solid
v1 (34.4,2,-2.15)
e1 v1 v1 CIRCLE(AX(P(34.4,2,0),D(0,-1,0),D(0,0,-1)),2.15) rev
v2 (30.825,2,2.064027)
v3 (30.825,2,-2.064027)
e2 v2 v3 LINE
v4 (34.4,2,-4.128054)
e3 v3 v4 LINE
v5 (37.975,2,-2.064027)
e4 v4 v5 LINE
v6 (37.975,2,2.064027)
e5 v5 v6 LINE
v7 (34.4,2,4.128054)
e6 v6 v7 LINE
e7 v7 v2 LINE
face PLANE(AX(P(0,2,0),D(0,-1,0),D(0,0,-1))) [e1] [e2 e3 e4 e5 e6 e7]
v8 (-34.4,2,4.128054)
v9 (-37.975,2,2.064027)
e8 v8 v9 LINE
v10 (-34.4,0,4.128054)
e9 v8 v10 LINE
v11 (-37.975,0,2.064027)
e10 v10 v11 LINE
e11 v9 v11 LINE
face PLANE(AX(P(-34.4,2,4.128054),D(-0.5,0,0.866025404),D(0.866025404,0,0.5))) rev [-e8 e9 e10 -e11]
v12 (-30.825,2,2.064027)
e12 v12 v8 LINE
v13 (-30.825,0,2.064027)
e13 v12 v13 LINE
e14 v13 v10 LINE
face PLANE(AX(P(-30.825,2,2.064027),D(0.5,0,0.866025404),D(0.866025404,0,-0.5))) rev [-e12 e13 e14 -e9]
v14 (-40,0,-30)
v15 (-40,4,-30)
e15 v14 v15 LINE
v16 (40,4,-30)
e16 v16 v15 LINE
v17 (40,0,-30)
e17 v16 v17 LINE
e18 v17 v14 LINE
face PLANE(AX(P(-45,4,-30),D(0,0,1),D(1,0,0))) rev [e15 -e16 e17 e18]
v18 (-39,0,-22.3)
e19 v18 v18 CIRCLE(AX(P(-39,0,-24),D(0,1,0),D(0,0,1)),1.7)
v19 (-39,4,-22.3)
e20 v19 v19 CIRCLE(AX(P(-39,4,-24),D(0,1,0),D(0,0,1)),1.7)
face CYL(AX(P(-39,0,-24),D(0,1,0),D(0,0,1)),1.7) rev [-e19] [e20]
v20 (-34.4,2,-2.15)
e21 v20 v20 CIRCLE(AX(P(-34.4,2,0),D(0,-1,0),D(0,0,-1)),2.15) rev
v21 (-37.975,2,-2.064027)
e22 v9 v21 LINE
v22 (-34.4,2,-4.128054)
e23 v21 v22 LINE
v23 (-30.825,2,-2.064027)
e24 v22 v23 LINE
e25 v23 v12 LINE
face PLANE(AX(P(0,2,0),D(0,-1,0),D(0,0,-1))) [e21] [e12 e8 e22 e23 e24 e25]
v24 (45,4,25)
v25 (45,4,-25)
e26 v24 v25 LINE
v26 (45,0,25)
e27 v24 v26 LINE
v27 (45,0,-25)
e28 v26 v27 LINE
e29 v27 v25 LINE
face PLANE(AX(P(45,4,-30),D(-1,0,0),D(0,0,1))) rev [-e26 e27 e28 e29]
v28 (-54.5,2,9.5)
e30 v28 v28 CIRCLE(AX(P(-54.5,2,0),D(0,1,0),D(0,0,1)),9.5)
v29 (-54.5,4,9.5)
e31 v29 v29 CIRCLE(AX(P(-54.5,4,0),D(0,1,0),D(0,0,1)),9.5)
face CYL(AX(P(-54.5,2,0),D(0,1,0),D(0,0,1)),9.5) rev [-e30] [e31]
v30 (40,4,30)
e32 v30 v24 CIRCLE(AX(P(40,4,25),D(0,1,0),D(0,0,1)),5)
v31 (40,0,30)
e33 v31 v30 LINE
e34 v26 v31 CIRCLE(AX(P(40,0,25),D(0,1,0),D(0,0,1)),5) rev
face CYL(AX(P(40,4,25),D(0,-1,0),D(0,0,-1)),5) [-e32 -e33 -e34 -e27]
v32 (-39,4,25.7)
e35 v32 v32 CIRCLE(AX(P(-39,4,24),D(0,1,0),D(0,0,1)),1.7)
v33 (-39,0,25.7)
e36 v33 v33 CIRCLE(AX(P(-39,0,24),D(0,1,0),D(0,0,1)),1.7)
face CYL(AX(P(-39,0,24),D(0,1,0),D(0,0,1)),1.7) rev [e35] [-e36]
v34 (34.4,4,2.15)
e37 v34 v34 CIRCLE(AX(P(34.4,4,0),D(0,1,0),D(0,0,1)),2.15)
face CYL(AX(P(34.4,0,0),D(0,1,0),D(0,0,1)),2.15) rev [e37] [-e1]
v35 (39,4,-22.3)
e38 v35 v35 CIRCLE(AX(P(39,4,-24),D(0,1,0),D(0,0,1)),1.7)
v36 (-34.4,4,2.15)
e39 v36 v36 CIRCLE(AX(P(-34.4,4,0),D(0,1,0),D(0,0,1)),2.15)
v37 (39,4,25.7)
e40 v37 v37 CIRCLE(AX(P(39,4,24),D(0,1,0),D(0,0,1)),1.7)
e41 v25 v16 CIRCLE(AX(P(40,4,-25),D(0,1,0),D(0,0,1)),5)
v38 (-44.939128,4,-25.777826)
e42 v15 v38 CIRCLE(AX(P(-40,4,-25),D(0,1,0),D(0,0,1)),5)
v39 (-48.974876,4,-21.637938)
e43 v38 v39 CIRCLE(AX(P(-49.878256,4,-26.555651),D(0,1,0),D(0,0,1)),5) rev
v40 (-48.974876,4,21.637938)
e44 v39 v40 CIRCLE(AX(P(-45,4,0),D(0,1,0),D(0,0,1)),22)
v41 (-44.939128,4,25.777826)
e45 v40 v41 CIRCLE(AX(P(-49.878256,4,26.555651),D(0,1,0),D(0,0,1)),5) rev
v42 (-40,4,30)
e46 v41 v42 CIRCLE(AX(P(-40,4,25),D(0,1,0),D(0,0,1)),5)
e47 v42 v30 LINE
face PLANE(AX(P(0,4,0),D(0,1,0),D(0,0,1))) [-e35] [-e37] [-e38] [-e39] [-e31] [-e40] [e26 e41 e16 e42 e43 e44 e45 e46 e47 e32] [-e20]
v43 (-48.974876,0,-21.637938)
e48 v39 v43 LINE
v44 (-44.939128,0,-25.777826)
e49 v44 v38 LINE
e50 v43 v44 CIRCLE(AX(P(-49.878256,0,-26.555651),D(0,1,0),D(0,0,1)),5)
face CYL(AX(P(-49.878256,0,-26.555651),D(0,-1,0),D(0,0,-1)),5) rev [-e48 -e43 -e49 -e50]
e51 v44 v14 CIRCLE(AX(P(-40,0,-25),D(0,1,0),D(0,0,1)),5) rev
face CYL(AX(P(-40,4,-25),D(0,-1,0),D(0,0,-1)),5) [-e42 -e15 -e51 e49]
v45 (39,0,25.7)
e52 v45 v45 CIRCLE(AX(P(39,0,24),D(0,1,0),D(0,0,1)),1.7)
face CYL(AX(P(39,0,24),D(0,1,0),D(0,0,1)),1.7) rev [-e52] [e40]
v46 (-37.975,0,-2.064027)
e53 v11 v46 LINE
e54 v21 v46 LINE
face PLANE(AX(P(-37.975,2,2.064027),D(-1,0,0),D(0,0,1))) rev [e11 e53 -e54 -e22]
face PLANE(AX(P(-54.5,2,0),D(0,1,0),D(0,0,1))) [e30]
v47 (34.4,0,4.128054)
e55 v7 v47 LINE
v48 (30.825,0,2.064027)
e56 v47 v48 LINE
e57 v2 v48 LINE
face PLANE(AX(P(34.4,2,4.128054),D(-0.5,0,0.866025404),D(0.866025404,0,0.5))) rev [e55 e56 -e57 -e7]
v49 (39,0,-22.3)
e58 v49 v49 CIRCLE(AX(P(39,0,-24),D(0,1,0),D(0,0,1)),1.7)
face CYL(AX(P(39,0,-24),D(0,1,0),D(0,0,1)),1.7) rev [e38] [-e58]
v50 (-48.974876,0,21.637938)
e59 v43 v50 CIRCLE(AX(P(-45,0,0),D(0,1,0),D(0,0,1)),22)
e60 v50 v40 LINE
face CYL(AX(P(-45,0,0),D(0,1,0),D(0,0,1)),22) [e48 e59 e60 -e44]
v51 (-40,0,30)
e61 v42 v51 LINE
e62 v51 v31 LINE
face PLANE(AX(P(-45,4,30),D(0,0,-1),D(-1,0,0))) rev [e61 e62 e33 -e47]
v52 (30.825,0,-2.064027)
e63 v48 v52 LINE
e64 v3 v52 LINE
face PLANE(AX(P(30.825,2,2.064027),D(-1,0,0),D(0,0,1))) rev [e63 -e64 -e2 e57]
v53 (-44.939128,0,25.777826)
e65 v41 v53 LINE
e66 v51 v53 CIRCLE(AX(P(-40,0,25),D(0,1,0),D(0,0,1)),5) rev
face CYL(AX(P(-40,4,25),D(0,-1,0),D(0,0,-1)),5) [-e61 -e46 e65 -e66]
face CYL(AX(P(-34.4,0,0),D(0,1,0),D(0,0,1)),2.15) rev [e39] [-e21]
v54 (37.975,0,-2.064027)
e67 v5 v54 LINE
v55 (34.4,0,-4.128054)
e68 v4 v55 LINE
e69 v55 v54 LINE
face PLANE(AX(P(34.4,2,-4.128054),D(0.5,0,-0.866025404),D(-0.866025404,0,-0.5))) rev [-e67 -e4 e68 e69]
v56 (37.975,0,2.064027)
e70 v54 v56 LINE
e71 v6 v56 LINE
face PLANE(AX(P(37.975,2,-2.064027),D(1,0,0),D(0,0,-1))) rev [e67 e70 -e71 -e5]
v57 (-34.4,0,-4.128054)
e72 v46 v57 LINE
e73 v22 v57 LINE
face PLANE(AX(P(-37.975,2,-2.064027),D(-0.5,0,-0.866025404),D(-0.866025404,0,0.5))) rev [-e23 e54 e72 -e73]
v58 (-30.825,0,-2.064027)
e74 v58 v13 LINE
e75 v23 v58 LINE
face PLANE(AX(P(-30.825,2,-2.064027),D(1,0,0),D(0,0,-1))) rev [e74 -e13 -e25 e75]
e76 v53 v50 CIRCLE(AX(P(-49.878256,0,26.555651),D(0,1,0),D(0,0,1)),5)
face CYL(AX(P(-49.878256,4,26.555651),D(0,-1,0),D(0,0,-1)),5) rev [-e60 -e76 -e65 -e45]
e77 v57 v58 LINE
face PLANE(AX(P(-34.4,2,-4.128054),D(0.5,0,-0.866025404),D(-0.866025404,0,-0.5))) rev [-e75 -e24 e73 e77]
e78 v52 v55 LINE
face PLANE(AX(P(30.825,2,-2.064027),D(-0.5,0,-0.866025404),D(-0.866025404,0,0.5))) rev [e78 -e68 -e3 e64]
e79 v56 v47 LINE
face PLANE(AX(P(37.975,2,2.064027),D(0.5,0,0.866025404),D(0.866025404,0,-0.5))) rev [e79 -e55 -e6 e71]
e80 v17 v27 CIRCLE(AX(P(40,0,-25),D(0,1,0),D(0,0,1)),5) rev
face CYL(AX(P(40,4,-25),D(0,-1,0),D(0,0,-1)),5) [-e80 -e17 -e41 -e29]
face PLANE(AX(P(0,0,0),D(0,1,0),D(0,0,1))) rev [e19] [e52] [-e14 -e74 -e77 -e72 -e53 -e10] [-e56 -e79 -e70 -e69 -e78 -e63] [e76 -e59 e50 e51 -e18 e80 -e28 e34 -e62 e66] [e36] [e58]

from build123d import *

# Parameters (mm, degrees)
SKETCH1_W           = 90
SKETCH1_H           = 60
BOSS_EXTRUDE1_DEPTH = 4
SKETCH2_R           = 1.7
SKETCH2_R_2         = 2.15
CUT_EXTRUDE1_DEPTH  = 4
CUT_EXTRUDE2_DEPTH  = 2
BOSS_EXTRUDE2_DEPTH = 4
SKETCH5_R           = 9.5
CUT_EXTRUDE3_DEPTH  = 2
FILLET3_R           = 5
FILLET4_R           = 5


with BuildPart() as part:
    # Sketch1 → Boss-Extrude1 (new body)
    with BuildSketch(Plane(origin=(0, 0, 0), x_dir=(1, 0, 0), z_dir=(0, 1, 0))):
        Rectangle(SKETCH1_W, SKETCH1_H)
    extrude(amount=BOSS_EXTRUDE1_DEPTH)

    # Sketch2 → Cut-Extrude1 (cut)
    with BuildSketch(Plane(origin=(0, 4, 0), x_dir=(1, 0, 0), z_dir=(0, 1, 0))):
        with Locations(Location((-39, 24, 0), (0, 0, 270))):
            Circle(SKETCH2_R)
        with Locations(Location((-39, -24, 0), (0, 0, 270))):
            Circle(SKETCH2_R)
        with Locations(Location((39, -24, 0), (0, 0, 270))):
            Circle(SKETCH2_R)
        with Locations(Location((39, 24, 0), (0, 0, 270))):
            Circle(SKETCH2_R)
        with Locations(Location((-34.4, 0, 0), (0, 0, 270))):
            Circle(SKETCH2_R_2)
        with Locations(Location((34.4, 0, 0), (0, 0, 270))):
            Circle(SKETCH2_R_2)
    extrude(amount=-CUT_EXTRUDE1_DEPTH, mode=Mode.SUBTRACT)

    # Sketch3 → Cut-Extrude2 (cut)
    with BuildSketch(Plane.XZ):
        Polygon((-30.825, 2.064027212), (-34.4, 4.128054425), (-37.975, 2.064027212), (-37.975, -2.064027212), (-34.4, -4.128054425), (-30.825, -2.064027212), align=None)
        Polygon((37.975, 2.064027212), (34.4, 4.128054425), (30.825, 2.064027212), (30.825, -2.064027212), (34.4, -4.128054425), (37.975, -2.064027212), align=None)
    extrude(amount=-CUT_EXTRUDE2_DEPTH, mode=Mode.SUBTRACT)

    # Sketch4 → Boss-Extrude2 (add)
    with BuildSketch(Plane(origin=(0, 4, 0), x_dir=(1, 0, 0), z_dir=(0, 1, 0))):
        with BuildLine():
            Line((-45, 22), (-45, -22))
            ThreePointArc((-45, -22), (-67, 0), (-45, 22))
        make_face()
    extrude(amount=-BOSS_EXTRUDE2_DEPTH)

    # Sketch5 → Cut-Extrude3 (cut)
    with BuildSketch(Plane(origin=(0, 4, 0), x_dir=(1, 0, 0), z_dir=(0, 1, 0))):
        with Locations(Location((-54.5, 0, 0), (0, 0, 270))):
            Circle(SKETCH5_R)
    extrude(amount=-CUT_EXTRUDE3_DEPTH, mode=Mode.SUBTRACT)

    # Fillet3
    fillet3_edges = [part.edges().sort_by_distance(p)[0] for p in [
        (-45, 2, -30),
        (45, 2, -30),
        (45, 2, 30),
        (-45, 2, 30),
    ]]
    fillet(fillet3_edges, radius=FILLET3_R)

    # Fillet4
    fillet4_edges = [part.edges().sort_by_distance(p)[0] for p in [
        (-45, 2, -22),
        (-45, 2, 22),
    ]]
    fillet(fillet4_edges, radius=FILLET4_R)


solid = part.part
